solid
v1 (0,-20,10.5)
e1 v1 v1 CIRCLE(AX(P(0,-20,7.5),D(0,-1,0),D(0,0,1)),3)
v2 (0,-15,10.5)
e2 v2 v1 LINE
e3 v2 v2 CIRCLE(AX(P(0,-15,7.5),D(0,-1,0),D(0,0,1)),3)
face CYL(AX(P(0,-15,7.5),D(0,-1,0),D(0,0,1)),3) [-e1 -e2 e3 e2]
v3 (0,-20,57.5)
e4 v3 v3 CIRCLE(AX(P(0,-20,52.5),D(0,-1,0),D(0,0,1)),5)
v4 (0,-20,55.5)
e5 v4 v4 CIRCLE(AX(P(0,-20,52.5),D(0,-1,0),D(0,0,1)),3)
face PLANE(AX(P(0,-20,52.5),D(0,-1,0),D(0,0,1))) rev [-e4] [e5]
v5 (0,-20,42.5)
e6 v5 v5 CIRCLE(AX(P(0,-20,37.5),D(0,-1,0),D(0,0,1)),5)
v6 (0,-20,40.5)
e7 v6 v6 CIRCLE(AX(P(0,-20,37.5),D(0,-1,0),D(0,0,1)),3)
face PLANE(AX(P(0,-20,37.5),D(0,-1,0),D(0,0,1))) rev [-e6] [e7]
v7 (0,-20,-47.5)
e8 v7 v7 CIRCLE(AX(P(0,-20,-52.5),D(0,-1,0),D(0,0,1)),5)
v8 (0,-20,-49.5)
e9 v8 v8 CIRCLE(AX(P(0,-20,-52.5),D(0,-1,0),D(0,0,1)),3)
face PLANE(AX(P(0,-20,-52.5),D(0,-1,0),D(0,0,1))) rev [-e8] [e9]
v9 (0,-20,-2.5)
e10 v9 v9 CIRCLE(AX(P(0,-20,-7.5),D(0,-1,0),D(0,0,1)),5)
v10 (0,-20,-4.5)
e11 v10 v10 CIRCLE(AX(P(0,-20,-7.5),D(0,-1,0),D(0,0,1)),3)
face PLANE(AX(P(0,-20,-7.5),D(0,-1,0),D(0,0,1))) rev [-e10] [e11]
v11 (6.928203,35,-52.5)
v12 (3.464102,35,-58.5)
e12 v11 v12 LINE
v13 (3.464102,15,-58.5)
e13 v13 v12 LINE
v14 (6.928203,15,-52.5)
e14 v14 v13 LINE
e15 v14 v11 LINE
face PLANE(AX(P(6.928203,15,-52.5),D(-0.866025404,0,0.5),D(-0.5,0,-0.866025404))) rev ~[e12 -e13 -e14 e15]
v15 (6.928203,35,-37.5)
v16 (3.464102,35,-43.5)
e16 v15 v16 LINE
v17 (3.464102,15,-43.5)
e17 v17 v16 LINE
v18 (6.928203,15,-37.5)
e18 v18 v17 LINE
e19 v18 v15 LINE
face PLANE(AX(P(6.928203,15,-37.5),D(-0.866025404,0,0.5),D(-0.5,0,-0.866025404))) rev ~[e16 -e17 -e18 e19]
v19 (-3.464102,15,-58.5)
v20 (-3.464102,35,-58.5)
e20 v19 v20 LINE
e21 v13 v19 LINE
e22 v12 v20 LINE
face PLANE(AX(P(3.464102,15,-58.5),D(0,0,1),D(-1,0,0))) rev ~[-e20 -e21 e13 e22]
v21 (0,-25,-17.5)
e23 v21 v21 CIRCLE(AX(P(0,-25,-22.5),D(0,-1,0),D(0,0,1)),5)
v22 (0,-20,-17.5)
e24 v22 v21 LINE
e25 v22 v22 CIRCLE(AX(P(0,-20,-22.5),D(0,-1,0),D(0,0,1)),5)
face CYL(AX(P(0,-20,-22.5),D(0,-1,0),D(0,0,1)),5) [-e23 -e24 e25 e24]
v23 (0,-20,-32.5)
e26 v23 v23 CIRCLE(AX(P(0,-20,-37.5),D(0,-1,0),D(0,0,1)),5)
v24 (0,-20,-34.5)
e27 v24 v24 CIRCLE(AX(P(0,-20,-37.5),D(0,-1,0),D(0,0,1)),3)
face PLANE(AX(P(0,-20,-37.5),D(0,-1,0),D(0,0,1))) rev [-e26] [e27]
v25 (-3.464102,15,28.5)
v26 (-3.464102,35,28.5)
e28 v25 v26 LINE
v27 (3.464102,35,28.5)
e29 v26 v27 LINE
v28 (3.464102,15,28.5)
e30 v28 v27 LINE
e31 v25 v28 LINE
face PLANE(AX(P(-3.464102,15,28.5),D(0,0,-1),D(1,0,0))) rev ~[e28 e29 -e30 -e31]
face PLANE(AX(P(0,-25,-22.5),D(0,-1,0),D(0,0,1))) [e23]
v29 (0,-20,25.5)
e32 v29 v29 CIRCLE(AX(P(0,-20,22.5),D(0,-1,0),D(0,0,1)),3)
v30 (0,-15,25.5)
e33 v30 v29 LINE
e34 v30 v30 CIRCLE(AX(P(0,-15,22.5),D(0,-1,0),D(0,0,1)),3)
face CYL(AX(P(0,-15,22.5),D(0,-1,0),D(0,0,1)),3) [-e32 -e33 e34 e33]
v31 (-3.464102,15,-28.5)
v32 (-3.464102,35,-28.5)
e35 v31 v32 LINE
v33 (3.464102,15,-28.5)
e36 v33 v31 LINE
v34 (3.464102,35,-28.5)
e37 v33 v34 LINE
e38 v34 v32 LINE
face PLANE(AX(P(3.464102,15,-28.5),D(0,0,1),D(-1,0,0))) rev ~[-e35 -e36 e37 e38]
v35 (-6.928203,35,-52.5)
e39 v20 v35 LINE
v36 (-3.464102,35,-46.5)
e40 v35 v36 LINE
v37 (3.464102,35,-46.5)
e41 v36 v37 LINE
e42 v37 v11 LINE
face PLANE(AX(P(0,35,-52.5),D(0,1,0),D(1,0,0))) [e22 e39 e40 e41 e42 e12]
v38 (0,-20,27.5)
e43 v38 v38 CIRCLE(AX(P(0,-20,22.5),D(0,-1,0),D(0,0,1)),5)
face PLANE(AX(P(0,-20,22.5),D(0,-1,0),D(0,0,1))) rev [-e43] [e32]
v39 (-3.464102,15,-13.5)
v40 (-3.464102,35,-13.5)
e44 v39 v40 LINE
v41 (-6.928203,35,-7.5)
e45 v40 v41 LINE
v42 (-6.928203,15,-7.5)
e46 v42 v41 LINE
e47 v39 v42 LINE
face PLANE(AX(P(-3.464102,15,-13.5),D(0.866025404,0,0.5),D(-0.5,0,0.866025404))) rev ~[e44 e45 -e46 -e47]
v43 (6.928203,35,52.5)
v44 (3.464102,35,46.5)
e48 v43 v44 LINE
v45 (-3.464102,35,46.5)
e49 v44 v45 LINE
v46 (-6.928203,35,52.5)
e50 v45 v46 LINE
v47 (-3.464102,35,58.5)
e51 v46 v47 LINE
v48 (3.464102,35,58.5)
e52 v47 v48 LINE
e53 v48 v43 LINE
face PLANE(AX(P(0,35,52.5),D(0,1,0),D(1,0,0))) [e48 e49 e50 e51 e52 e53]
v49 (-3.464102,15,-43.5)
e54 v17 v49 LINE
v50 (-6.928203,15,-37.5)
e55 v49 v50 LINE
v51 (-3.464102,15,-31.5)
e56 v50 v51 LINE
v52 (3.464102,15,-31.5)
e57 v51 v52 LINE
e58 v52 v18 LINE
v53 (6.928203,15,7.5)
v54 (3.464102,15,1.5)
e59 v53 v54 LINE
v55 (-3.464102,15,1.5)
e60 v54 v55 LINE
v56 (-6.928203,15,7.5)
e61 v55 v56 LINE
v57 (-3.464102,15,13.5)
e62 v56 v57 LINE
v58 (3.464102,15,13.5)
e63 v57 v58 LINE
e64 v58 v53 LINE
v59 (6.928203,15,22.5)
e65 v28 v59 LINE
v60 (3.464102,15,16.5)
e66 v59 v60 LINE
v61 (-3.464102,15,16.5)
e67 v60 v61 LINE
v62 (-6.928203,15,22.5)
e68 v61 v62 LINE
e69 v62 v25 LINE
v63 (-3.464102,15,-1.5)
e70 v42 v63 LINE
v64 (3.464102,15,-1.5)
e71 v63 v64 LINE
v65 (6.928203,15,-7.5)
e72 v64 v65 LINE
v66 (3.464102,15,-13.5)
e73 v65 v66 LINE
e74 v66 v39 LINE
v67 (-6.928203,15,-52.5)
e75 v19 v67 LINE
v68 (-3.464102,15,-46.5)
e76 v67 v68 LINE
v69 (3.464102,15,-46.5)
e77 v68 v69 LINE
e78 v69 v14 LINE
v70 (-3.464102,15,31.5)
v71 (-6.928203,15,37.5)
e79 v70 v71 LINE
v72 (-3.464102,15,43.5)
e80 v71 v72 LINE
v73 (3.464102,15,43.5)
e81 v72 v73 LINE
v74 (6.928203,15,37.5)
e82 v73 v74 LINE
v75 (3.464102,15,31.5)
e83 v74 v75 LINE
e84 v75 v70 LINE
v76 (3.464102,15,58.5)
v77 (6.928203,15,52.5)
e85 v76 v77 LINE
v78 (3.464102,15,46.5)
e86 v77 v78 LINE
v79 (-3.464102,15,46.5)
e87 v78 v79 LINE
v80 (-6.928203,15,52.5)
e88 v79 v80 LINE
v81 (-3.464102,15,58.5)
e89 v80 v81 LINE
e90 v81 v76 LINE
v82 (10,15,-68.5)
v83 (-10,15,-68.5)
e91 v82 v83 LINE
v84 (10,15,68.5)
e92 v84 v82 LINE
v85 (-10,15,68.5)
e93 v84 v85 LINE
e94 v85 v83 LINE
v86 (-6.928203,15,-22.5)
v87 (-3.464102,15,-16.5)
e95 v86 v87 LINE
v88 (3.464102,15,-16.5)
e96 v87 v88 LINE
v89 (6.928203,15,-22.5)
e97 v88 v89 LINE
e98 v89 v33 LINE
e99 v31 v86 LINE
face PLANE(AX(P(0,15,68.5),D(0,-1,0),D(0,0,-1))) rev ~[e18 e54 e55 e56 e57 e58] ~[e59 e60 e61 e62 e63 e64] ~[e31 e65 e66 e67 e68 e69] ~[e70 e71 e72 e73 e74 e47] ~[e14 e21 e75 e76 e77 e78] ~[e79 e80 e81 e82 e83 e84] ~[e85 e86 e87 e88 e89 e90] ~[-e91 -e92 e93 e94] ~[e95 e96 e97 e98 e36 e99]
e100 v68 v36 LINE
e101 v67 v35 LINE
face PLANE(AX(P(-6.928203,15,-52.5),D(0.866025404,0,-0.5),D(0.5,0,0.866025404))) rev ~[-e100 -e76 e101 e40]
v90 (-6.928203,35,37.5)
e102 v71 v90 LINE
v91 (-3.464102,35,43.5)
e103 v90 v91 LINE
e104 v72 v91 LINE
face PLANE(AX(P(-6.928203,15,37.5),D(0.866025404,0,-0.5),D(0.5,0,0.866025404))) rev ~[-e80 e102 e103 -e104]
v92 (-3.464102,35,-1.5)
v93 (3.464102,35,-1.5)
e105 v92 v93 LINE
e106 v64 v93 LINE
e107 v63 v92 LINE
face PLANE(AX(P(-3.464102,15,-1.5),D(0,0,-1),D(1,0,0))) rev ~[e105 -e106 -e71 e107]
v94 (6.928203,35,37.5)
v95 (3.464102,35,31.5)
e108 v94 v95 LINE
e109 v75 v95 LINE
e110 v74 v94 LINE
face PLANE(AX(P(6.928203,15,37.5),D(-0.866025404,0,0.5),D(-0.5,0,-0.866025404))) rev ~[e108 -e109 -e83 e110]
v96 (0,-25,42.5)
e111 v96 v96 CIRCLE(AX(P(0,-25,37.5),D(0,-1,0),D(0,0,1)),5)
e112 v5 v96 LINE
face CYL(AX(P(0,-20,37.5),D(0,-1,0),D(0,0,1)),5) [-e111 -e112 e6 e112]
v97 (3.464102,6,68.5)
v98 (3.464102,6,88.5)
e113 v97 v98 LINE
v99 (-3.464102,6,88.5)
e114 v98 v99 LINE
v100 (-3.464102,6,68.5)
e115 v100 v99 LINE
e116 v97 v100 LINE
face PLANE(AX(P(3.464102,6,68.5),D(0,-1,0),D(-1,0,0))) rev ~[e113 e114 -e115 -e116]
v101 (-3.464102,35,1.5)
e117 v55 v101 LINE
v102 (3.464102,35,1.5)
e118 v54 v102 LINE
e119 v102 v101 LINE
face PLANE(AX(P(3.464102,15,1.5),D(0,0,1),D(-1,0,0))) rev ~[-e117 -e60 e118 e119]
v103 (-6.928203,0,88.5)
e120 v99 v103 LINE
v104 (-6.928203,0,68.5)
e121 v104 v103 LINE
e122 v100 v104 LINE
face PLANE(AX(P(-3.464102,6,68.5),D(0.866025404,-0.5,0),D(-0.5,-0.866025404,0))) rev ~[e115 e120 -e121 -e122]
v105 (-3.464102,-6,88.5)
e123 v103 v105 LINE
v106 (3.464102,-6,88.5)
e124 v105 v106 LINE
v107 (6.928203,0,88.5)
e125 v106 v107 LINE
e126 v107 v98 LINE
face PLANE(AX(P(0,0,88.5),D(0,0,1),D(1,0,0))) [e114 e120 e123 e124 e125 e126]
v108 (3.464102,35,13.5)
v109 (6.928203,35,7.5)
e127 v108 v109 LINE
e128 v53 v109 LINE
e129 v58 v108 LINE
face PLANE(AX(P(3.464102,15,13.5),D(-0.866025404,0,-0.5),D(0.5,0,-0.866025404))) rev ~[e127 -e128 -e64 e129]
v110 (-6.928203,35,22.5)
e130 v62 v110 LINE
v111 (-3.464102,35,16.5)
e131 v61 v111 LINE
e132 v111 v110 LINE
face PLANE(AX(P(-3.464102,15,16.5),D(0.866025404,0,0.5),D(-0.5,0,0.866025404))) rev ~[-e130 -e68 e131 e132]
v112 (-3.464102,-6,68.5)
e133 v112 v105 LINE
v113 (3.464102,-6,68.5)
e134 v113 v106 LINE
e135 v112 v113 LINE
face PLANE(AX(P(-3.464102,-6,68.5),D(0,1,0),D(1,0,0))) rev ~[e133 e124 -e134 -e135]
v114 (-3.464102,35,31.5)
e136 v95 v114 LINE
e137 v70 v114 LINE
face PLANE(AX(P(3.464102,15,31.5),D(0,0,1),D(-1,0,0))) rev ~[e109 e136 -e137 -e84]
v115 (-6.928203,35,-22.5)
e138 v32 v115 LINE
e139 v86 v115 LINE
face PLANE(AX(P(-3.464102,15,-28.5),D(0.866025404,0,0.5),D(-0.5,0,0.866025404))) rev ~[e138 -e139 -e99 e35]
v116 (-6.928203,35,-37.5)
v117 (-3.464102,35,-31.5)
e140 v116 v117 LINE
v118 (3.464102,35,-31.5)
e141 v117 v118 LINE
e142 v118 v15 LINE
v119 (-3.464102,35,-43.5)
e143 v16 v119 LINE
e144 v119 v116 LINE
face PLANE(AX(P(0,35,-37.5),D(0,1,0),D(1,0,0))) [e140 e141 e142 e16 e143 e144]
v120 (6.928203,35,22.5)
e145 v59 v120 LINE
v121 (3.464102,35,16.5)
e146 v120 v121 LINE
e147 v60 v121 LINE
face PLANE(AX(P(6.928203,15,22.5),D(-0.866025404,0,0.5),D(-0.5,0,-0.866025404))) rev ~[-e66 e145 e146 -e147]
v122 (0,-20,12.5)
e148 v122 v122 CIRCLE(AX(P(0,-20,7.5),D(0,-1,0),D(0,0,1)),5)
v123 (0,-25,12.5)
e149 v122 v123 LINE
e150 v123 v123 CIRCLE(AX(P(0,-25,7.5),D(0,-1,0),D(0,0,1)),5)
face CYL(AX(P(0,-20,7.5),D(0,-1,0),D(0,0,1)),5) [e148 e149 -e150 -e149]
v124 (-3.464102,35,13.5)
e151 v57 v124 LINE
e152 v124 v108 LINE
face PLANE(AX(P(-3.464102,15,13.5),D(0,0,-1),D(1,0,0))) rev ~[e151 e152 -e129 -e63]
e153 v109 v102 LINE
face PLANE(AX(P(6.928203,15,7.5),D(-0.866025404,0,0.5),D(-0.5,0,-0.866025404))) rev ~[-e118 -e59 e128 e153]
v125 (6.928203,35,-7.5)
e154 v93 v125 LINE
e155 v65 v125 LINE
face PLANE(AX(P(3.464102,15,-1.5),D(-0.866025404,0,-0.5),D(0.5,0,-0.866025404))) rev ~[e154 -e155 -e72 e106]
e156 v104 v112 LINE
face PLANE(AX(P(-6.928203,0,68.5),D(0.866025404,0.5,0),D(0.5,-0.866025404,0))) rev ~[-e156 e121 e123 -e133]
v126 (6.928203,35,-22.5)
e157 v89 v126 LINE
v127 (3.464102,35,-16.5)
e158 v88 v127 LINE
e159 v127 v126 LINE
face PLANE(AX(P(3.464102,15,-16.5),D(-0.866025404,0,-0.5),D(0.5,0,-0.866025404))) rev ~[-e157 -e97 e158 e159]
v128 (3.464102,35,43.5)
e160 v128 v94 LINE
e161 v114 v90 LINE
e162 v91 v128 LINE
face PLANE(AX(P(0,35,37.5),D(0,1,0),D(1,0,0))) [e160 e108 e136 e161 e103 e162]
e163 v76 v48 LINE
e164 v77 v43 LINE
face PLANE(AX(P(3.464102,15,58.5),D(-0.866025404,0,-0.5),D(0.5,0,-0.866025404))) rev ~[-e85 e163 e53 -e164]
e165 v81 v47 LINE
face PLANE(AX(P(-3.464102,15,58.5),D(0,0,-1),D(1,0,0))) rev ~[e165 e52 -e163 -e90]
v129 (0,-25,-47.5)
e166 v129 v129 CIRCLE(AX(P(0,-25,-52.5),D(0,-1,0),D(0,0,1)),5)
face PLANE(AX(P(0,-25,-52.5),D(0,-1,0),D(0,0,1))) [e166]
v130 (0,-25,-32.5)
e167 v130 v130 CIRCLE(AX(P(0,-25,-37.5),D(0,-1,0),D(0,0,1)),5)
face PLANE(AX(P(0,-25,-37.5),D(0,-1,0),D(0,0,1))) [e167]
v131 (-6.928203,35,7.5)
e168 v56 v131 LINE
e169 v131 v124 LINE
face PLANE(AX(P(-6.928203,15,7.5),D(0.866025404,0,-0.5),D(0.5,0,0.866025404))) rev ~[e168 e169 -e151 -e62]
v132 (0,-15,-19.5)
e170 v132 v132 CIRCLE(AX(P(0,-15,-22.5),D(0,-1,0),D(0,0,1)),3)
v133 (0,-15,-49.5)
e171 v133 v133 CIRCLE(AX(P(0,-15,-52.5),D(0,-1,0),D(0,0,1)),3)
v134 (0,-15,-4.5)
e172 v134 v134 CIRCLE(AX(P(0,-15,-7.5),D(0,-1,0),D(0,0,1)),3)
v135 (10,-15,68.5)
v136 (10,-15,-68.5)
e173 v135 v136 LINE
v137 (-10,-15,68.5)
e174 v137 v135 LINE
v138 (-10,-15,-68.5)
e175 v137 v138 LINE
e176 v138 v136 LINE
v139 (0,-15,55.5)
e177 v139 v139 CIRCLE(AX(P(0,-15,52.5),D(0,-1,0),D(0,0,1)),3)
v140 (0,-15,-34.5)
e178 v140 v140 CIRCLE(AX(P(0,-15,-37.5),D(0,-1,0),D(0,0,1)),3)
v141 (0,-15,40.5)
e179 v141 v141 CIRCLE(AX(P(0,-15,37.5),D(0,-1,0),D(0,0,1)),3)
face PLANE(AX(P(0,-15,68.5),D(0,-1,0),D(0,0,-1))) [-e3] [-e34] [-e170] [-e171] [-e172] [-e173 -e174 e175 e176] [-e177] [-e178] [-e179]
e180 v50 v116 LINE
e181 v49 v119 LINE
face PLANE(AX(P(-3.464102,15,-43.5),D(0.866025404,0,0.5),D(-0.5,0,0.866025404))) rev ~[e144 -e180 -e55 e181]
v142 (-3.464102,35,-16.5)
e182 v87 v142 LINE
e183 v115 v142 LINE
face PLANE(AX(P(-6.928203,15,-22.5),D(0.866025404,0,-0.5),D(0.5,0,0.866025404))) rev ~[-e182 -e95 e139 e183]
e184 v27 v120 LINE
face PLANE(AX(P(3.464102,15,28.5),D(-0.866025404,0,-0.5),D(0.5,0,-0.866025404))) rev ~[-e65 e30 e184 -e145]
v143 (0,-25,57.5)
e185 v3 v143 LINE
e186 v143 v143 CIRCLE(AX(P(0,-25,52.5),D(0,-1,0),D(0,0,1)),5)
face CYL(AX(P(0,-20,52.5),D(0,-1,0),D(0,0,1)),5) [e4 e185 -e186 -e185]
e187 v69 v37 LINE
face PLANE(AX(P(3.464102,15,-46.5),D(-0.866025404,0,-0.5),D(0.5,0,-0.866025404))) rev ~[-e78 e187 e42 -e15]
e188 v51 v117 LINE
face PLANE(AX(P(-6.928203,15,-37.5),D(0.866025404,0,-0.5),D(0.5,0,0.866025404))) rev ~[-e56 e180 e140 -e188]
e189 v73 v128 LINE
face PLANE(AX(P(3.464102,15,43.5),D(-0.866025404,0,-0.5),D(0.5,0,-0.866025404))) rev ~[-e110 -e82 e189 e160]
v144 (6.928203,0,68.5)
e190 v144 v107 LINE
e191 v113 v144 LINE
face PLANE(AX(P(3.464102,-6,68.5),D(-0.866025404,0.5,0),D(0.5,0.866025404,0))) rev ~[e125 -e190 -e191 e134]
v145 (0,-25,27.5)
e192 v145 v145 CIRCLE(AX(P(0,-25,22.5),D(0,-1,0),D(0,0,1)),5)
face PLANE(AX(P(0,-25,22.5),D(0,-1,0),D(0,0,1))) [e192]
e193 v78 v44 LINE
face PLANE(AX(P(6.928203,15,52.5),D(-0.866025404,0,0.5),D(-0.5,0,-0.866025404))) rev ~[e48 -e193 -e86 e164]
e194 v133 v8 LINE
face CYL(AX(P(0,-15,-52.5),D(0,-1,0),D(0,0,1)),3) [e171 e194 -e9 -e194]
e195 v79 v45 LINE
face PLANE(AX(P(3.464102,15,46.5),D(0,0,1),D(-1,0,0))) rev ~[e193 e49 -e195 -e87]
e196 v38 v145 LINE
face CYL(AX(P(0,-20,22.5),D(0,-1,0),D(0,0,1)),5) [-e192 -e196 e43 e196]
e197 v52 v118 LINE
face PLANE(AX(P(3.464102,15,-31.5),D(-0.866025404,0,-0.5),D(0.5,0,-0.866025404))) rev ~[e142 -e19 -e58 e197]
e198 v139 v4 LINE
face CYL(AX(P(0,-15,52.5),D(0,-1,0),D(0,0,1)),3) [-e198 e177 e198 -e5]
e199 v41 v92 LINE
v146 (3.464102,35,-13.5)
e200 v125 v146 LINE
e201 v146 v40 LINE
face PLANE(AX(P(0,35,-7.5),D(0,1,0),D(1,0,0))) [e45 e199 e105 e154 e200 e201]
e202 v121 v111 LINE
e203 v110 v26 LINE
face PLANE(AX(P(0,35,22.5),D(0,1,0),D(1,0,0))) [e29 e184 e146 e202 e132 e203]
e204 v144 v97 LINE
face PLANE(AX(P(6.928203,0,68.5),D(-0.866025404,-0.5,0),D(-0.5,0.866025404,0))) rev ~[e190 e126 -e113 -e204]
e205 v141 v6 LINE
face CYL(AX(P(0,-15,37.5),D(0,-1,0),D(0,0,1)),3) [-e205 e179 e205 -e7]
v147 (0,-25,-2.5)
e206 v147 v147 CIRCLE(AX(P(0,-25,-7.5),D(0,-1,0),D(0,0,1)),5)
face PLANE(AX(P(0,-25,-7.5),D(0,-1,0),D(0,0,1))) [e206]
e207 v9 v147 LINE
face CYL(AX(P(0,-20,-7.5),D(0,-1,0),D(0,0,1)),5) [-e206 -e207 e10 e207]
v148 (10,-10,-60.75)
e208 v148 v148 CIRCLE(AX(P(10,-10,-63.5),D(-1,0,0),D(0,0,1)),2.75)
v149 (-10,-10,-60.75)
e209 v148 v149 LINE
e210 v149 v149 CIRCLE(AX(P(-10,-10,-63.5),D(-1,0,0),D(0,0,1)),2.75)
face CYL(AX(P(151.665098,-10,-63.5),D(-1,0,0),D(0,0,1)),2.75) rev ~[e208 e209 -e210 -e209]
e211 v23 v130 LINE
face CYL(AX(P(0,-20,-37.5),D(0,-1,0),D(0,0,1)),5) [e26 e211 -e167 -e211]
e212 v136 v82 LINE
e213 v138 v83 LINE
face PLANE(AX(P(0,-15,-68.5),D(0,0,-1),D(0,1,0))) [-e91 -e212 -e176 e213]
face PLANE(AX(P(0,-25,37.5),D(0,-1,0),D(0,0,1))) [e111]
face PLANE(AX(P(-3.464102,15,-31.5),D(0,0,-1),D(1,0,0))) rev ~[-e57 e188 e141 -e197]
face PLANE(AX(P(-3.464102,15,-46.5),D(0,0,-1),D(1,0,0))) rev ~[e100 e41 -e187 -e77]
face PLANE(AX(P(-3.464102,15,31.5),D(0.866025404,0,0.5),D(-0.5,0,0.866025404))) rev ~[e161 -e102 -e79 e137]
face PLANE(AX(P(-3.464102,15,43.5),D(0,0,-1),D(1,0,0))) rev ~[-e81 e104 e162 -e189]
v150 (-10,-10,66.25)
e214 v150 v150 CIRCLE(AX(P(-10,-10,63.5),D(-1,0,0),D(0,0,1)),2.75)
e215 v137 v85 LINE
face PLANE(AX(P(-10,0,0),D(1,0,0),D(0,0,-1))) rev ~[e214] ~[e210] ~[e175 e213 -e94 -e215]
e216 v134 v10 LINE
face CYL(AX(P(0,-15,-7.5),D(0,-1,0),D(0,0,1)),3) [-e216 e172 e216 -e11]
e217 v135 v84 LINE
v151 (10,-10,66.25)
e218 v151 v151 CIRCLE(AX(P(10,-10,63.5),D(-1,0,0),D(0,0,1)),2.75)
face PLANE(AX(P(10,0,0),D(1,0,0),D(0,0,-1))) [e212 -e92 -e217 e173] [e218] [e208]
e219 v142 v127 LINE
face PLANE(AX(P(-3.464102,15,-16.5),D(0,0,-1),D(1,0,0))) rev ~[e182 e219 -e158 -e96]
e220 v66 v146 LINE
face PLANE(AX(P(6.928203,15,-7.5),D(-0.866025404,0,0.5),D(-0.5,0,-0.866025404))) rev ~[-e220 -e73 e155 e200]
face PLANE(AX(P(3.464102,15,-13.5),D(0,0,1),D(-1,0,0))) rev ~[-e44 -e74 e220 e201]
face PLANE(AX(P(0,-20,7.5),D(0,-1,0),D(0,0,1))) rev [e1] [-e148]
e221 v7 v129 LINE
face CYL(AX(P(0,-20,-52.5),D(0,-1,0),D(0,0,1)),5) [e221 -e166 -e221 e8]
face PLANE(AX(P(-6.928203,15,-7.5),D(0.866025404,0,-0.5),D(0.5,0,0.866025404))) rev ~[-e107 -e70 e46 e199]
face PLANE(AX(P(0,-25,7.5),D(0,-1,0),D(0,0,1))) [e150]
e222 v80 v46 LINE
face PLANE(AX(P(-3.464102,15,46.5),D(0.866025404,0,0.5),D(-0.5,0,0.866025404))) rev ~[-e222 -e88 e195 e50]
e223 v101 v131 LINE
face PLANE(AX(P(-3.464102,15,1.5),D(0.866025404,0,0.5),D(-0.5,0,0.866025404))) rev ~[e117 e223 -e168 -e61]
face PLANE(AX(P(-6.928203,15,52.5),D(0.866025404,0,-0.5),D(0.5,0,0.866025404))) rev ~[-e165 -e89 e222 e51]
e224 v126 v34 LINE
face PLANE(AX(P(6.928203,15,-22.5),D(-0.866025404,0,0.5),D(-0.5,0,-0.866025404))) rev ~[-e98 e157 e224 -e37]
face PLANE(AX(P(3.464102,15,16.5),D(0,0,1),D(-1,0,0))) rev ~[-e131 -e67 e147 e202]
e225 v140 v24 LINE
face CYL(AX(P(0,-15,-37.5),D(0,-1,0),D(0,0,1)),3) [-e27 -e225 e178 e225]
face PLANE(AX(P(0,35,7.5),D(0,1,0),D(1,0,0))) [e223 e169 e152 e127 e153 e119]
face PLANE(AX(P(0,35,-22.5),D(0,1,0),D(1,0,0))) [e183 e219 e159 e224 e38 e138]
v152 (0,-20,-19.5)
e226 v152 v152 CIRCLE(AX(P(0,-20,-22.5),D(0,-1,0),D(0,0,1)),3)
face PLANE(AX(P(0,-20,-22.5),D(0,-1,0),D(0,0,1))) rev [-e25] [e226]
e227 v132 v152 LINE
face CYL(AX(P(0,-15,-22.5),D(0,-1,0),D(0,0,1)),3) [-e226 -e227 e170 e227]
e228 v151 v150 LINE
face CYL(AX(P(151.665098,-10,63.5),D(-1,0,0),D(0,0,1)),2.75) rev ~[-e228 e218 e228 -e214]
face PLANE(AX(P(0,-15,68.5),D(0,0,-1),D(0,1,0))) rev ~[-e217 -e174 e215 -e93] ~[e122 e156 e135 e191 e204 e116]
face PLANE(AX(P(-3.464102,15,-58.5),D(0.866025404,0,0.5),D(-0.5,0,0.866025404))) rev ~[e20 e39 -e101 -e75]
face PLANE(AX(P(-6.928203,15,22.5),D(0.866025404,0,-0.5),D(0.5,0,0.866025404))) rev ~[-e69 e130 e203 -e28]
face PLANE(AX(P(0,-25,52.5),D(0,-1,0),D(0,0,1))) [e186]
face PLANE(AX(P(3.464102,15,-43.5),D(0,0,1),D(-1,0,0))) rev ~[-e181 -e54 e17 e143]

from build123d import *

# Parameters (mm, degrees)
SKETCH_1_W             = 137
SKETCH_1_H             = 30
EXTRUDE_1_DEPTH        = 10
HOLE_WIZARD_M5_1_D     = 5.5
EXTRUDE_2_DEPTH        = 20
PATTERN_LINEAR_1_COUNT = 8
PATTERN_LINEAR_1_PITCH = 15
EXTRUDE_4_DEPTH        = 20


with BuildPart() as part:
    # 草图1 → 凸台-拉伸1 (new, symmetric)
    with BuildSketch(Plane(origin=(0, 0, 0), x_dir=(0, 0, -1), z_dir=(1, 0, 0))):
        Rectangle(SKETCH_1_W, SKETCH_1_H)
    extrude(amount=EXTRUDE_1_DEPTH, both=True)

    # M5 间隙孔1 (through all)
    with Locations(Plane(origin=(10, 0, 0), x_dir=(0, 0, -1), z_dir=(1, 0, 0))):
        with Locations((-63.5, -10), (63.5, -10)):
            Hole(HOLE_WIZARD_M5_1_D / 2)

    # 草图4 → 凸台-拉伸2 (add)
    with BuildSketch(Plane(origin=(0, 15, 0), x_dir=(1, 0, 0), z_dir=(0, 1, 0))):
        Polygon((6.92820323, -52.5), (3.464101615, -46.5), (-3.464101615, -46.5), (-6.92820323, -52.5), (-3.464101615, -58.5), (3.464101615, -58.5), align=None)
    extrude_2 = extrude(amount=EXTRUDE_2_DEPTH)

    # 草图6 → 旋转1 (revolve)
    with BuildSketch(Plane(origin=(0, 0, 0), x_dir=(0, 0, -1), z_dir=(1, 0, 0)), mode=Mode.PRIVATE) as revolve_1_sk:
        Polygon((-52.5, -15), (-49.5, -15), (-49.5, -20), (-47.5, -20), (-47.5, -25), (-52.5, -25), align=None)
    revolve_1 = revolve(revolve_1_sk.sketch.rotate(Axis((0, 35, 52.5), (0, -1, 0)), 180), axis=Axis((0, 35, 52.5), (0, -1, 0)))

    # 阵列(线性)1: 凸台-拉伸2, 旋转1 ×8
    with Locations(*[(0, 0, -i * PATTERN_LINEAR_1_PITCH) for i in range(1, PATTERN_LINEAR_1_COUNT)]):
        add(extrude_2)
        add(revolve_1)

    # 草图5 → 凸台-拉伸4 (add)
    with BuildSketch(Plane.XY.offset(68.5)):
        Polygon((3.464101615, 6), (-3.464101615, 6), (-6.92820323, 0), (-3.464101615, -6), (3.464101615, -6), (6.92820323, 0), align=None)
    extrude(amount=EXTRUDE_4_DEPTH)


solid = part.part
